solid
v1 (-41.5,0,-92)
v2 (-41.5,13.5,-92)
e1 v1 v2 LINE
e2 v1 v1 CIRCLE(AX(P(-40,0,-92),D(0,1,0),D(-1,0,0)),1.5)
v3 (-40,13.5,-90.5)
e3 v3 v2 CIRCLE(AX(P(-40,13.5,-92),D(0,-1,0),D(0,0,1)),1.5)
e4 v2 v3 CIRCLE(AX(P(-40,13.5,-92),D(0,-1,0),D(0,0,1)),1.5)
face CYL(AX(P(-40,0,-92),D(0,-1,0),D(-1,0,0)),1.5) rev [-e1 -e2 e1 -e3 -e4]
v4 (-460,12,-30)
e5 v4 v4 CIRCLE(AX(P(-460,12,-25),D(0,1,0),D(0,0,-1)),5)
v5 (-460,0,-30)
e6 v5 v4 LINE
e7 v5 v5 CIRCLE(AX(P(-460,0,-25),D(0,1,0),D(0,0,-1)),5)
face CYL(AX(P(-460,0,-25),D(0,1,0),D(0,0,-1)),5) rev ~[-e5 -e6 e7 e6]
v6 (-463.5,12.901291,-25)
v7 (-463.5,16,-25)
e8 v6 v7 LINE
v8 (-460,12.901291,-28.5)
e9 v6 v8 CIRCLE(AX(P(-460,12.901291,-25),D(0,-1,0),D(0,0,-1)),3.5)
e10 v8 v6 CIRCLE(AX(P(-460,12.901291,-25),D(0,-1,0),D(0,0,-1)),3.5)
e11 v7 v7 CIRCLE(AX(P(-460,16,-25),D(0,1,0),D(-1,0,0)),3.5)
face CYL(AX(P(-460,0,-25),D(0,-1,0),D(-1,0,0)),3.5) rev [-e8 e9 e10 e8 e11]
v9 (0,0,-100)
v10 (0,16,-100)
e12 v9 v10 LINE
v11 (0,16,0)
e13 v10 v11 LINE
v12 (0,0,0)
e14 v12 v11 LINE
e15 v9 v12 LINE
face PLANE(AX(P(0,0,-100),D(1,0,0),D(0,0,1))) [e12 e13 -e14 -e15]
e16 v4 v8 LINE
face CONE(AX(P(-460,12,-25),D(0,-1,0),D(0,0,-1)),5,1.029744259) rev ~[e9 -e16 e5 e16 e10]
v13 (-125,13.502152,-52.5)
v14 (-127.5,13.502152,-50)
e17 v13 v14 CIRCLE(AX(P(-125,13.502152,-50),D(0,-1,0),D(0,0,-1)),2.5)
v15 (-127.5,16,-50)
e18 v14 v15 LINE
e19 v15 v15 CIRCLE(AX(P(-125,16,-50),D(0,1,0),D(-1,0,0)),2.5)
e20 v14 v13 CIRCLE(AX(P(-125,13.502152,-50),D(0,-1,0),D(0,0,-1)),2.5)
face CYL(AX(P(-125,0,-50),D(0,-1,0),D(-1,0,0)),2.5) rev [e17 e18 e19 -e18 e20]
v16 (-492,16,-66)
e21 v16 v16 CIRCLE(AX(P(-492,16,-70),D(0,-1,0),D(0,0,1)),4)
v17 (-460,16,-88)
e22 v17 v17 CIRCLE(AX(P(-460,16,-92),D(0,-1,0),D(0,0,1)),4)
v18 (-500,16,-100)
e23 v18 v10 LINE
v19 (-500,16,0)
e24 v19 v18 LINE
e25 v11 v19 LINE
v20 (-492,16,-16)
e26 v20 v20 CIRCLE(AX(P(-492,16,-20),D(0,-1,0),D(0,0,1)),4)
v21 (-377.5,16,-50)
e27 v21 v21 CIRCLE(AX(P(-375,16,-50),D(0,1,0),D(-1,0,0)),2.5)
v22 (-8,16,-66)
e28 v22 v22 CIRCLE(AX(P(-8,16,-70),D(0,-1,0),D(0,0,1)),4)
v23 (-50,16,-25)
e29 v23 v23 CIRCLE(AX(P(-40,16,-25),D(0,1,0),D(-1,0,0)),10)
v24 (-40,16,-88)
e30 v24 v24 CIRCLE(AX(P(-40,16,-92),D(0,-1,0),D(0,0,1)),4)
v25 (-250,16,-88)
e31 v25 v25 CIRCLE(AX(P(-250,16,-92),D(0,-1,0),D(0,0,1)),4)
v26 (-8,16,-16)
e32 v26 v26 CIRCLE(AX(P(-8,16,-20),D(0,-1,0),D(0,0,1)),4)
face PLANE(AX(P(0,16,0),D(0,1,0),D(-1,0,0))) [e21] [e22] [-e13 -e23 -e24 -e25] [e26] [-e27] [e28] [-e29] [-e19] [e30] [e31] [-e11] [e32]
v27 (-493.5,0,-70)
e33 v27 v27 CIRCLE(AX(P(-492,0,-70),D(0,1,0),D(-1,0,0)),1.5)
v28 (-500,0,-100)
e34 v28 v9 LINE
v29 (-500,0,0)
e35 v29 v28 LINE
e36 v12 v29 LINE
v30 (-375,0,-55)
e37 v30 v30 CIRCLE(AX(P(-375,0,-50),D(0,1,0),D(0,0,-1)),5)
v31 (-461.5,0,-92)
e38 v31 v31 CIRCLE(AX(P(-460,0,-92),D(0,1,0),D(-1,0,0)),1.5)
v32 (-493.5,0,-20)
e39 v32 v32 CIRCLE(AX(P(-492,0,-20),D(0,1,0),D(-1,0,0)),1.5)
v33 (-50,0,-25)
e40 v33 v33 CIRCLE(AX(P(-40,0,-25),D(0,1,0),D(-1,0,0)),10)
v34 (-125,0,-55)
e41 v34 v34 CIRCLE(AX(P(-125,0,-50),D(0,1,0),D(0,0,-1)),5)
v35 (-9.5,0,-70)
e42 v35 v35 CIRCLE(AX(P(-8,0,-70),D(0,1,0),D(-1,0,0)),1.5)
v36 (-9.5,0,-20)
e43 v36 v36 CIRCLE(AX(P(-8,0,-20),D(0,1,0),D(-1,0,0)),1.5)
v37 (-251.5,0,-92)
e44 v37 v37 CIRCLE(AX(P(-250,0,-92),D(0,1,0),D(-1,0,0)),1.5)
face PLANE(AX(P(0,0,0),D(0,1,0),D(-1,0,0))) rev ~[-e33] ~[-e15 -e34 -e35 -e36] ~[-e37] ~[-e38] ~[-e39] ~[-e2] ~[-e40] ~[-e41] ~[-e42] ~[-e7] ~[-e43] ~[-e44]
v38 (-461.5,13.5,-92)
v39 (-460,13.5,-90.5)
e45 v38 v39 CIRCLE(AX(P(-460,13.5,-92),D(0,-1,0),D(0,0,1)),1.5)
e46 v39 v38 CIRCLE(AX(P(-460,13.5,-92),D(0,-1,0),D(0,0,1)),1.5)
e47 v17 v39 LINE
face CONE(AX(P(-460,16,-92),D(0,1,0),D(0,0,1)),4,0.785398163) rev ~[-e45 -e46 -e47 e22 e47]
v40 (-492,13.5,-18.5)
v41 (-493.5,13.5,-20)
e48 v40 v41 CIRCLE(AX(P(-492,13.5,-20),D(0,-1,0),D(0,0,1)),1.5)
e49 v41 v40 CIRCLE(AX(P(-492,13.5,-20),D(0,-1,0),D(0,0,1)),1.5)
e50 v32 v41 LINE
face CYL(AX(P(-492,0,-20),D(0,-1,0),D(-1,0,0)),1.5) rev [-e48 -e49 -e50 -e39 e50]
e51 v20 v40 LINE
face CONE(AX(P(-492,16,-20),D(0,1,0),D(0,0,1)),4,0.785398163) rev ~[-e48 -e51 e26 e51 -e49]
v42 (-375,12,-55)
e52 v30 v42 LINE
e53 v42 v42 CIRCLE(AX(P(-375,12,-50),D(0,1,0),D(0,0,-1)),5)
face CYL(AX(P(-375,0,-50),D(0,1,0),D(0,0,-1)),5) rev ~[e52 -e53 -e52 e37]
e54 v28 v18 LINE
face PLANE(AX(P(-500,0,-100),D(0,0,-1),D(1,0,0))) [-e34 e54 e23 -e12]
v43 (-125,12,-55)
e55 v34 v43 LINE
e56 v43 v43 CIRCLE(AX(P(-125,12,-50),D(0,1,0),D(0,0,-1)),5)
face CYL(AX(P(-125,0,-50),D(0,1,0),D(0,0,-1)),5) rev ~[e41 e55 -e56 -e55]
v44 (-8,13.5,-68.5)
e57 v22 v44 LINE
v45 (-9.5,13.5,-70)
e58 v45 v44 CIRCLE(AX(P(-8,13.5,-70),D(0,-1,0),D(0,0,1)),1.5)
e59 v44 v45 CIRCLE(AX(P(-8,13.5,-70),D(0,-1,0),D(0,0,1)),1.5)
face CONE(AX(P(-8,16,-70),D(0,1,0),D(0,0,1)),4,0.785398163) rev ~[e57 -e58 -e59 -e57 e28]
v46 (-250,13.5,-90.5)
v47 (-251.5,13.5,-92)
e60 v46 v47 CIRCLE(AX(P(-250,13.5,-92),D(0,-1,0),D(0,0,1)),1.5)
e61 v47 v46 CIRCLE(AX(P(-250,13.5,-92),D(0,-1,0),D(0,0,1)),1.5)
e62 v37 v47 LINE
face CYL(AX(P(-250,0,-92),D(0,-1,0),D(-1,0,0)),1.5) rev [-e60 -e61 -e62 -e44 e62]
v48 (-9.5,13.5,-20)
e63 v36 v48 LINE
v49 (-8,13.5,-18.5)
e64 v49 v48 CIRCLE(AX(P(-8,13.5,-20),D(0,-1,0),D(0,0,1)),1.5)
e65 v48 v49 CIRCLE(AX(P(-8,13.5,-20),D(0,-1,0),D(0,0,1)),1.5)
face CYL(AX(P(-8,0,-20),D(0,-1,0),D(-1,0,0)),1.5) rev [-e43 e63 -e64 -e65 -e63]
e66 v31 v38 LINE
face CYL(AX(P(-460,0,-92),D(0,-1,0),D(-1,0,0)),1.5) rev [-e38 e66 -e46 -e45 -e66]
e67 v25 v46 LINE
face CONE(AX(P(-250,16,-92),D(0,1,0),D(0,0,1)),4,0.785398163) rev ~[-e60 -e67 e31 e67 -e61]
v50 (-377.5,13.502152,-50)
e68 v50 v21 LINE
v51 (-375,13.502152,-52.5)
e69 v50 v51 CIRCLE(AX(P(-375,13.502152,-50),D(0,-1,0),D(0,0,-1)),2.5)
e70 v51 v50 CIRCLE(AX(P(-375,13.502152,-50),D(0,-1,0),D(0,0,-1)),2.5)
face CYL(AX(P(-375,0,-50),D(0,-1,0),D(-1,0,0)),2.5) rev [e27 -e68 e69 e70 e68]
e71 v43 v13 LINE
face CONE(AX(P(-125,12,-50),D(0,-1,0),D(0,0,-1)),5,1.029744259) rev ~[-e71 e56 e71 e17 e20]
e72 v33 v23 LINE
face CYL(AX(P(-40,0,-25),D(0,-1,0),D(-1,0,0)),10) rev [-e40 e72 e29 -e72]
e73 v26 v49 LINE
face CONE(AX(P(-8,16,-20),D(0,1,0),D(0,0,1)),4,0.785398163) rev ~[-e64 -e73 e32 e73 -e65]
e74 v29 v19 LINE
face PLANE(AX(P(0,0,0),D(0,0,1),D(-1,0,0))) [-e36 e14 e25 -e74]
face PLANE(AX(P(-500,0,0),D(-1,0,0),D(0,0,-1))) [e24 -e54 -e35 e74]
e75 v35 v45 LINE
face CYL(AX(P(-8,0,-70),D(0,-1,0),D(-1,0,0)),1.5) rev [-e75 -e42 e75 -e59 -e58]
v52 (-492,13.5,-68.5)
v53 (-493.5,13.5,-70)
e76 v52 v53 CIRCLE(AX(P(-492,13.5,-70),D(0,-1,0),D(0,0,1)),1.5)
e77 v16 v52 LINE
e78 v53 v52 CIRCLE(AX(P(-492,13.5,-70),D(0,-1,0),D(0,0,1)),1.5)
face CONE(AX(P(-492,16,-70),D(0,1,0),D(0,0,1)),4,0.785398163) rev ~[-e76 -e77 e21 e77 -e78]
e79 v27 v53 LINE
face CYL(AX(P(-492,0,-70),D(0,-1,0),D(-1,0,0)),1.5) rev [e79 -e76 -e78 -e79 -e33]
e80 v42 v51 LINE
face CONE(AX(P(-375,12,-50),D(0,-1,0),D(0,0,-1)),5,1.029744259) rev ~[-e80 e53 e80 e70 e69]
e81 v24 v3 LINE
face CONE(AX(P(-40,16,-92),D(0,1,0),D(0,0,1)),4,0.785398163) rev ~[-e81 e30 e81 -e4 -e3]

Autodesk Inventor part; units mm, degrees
ref_plane "YZ Plane" through (0, 0, 0) normal (1, 0, 0) x (0, 1, 0)
ref_plane "XZ Plane" through (0, 0, 0) normal (0, 1, 0) x (-1, 0, 0)
ref_plane "XY Plane" through (0, 0, 0) normal (0, 0, 1) x (1, 0, 0)
sketch "Skizze1" plane through (0, 0, 0) normal (0, 1, 0) x (-1, 0, 0)
  line L0 (0, 0) -> (500, 0)
  line L1 (500, 0) -> (500, -100)
  line L2 (500, -100) -> (0, -100)
  line L3 (0, -100) -> (0, 0)
  line L4 (125, 0) -> (125, -100) construction
  line L5 (375, 0) -> (375, -100) construction
  line L6 (250, 0) -> (250, -100) construction
  line L7 (0, -50) -> (500, -50) construction
  line L8 (0, -25) -> (500, -25) construction
  line L9 (40, 0) -> (40, -100) construction
  line L10 (460, 0) -> (460, -100) construction
  circle A0 centre (40, -25) radius 10
  circle A1 centre (460, -25) radius 3.5
  circle A2 centre (125, -50) radius 2.5
  circle A3 centre (375, -50) radius 2.5
  line L11 (0, -92) -> (500, -92) construction
  circle A4 centre (40, -92) radius 1.5
  circle A5 centre (250, -92) radius 1.5
  circle A6 centre (460, -92) radius 1.5
  line L12 (8, 0) -> (8, -100) construction
  line L13 (492, 0) -> (492, -100) construction
  line L14 (0, -20) -> (500, -20) construction
  line L15 (0, -70) -> (500, -70) construction
  circle A7 centre (8, -20) radius 1.5
  circle A8 centre (8, -70) radius 1.5
  circle A9 centre (492, -70) radius 1.5
  circle A10 centre (492, -20) radius 1.5
  dimension "d2" = 500
  dimension "d3" = 100
  dimension "d4" = 125
  dimension "d5" = 125
  dimension "d6" = 25
  dimension "d7" = 40
  dimension "d8" = 40
  dimension "d9" = 20
  dimension "d10" = 7
  dimension "d11" = 5
  dimension "d12" = 5
  dimension "d15" = 8
  dimension "d16" = 3
  dimension "d17" = 3
  dimension "d18" = 3
  dimension "d19" = 8
  dimension "d20" = 8
  dimension "d21" = 20
  dimension "d22" = 50
  dimension "d23" = 3
  dimension "d24" = 3
  dimension "d25" = 3
  dimension "d26" = 3
extrude "Extrusion2" add sketch "Skizze1" along normal blind 16
sketch "Skizze2" plane through (0, 0, 0) normal (0, -1, 0) x (1, 0, 0)
  circle A0 centre (-375, -50) radius 2.5 projected
  circle A1 centre (-125, -50) radius 2.5 projected
  circle A2 centre (-460, -25) radius 3.5 projected
  point P0 (0, 0)
hole "Bohrung1" at (-375, 0, -50) at (-125, 0, -50) at (-460, 0, -25) direction (0, 1, 0) diameter 10 depth 12 tip angle 118
sketch "Skizze3" plane through (0, 16, 0) normal (0, 1, 0) x (1, 0, 0)
  circle A0 centre (-8, 20) radius 1.5 projected
  circle A1 centre (-8, 70) radius 1.5 projected
  circle A2 centre (-40, 92) radius 1.5 projected
  circle A3 centre (-250, 92) radius 1.5 projected
  circle A4 centre (-460, 92) radius 1.5 projected
  circle A5 centre (-492, 70) radius 1.5 projected
  circle A6 centre (-492, 20) radius 1.5 projected
  point P0 (0, 0)
hole "Bohrung2" at (-8, 16, -20) at (-8, 16, -70) at (-40, 16, -92) at (-250, 16, -92) at (-460, 16, -92) at (-492, 16, -70) at (-492, 16, -20) direction (0, -1, 0) diameter 3 depth 8 tip angle 118 countersink diameter 8 countersink angle 90
equation "\"Biegeradius\" = Stärke"
equation "\"BreiteBiegungsfreistellung\" = Stärke"
equation "\"TiefeBiegungsfreistellung\" = 0.5 * Stärke"
equation "\"GrößeEckenfreistellung\" = 4 * Stärke"
equation "\"MinimalRest\" = 2 * Stärke"
equation "\"Übergangsradius\" = Biegeradius"
equation "\"JacobiRadiusGröße\" = Biegeradius"
equation "\"Abstandsgröße\" = Stärke"
equation "\"Stärke\" = 0.5"
properties part number "licht_50_top"
